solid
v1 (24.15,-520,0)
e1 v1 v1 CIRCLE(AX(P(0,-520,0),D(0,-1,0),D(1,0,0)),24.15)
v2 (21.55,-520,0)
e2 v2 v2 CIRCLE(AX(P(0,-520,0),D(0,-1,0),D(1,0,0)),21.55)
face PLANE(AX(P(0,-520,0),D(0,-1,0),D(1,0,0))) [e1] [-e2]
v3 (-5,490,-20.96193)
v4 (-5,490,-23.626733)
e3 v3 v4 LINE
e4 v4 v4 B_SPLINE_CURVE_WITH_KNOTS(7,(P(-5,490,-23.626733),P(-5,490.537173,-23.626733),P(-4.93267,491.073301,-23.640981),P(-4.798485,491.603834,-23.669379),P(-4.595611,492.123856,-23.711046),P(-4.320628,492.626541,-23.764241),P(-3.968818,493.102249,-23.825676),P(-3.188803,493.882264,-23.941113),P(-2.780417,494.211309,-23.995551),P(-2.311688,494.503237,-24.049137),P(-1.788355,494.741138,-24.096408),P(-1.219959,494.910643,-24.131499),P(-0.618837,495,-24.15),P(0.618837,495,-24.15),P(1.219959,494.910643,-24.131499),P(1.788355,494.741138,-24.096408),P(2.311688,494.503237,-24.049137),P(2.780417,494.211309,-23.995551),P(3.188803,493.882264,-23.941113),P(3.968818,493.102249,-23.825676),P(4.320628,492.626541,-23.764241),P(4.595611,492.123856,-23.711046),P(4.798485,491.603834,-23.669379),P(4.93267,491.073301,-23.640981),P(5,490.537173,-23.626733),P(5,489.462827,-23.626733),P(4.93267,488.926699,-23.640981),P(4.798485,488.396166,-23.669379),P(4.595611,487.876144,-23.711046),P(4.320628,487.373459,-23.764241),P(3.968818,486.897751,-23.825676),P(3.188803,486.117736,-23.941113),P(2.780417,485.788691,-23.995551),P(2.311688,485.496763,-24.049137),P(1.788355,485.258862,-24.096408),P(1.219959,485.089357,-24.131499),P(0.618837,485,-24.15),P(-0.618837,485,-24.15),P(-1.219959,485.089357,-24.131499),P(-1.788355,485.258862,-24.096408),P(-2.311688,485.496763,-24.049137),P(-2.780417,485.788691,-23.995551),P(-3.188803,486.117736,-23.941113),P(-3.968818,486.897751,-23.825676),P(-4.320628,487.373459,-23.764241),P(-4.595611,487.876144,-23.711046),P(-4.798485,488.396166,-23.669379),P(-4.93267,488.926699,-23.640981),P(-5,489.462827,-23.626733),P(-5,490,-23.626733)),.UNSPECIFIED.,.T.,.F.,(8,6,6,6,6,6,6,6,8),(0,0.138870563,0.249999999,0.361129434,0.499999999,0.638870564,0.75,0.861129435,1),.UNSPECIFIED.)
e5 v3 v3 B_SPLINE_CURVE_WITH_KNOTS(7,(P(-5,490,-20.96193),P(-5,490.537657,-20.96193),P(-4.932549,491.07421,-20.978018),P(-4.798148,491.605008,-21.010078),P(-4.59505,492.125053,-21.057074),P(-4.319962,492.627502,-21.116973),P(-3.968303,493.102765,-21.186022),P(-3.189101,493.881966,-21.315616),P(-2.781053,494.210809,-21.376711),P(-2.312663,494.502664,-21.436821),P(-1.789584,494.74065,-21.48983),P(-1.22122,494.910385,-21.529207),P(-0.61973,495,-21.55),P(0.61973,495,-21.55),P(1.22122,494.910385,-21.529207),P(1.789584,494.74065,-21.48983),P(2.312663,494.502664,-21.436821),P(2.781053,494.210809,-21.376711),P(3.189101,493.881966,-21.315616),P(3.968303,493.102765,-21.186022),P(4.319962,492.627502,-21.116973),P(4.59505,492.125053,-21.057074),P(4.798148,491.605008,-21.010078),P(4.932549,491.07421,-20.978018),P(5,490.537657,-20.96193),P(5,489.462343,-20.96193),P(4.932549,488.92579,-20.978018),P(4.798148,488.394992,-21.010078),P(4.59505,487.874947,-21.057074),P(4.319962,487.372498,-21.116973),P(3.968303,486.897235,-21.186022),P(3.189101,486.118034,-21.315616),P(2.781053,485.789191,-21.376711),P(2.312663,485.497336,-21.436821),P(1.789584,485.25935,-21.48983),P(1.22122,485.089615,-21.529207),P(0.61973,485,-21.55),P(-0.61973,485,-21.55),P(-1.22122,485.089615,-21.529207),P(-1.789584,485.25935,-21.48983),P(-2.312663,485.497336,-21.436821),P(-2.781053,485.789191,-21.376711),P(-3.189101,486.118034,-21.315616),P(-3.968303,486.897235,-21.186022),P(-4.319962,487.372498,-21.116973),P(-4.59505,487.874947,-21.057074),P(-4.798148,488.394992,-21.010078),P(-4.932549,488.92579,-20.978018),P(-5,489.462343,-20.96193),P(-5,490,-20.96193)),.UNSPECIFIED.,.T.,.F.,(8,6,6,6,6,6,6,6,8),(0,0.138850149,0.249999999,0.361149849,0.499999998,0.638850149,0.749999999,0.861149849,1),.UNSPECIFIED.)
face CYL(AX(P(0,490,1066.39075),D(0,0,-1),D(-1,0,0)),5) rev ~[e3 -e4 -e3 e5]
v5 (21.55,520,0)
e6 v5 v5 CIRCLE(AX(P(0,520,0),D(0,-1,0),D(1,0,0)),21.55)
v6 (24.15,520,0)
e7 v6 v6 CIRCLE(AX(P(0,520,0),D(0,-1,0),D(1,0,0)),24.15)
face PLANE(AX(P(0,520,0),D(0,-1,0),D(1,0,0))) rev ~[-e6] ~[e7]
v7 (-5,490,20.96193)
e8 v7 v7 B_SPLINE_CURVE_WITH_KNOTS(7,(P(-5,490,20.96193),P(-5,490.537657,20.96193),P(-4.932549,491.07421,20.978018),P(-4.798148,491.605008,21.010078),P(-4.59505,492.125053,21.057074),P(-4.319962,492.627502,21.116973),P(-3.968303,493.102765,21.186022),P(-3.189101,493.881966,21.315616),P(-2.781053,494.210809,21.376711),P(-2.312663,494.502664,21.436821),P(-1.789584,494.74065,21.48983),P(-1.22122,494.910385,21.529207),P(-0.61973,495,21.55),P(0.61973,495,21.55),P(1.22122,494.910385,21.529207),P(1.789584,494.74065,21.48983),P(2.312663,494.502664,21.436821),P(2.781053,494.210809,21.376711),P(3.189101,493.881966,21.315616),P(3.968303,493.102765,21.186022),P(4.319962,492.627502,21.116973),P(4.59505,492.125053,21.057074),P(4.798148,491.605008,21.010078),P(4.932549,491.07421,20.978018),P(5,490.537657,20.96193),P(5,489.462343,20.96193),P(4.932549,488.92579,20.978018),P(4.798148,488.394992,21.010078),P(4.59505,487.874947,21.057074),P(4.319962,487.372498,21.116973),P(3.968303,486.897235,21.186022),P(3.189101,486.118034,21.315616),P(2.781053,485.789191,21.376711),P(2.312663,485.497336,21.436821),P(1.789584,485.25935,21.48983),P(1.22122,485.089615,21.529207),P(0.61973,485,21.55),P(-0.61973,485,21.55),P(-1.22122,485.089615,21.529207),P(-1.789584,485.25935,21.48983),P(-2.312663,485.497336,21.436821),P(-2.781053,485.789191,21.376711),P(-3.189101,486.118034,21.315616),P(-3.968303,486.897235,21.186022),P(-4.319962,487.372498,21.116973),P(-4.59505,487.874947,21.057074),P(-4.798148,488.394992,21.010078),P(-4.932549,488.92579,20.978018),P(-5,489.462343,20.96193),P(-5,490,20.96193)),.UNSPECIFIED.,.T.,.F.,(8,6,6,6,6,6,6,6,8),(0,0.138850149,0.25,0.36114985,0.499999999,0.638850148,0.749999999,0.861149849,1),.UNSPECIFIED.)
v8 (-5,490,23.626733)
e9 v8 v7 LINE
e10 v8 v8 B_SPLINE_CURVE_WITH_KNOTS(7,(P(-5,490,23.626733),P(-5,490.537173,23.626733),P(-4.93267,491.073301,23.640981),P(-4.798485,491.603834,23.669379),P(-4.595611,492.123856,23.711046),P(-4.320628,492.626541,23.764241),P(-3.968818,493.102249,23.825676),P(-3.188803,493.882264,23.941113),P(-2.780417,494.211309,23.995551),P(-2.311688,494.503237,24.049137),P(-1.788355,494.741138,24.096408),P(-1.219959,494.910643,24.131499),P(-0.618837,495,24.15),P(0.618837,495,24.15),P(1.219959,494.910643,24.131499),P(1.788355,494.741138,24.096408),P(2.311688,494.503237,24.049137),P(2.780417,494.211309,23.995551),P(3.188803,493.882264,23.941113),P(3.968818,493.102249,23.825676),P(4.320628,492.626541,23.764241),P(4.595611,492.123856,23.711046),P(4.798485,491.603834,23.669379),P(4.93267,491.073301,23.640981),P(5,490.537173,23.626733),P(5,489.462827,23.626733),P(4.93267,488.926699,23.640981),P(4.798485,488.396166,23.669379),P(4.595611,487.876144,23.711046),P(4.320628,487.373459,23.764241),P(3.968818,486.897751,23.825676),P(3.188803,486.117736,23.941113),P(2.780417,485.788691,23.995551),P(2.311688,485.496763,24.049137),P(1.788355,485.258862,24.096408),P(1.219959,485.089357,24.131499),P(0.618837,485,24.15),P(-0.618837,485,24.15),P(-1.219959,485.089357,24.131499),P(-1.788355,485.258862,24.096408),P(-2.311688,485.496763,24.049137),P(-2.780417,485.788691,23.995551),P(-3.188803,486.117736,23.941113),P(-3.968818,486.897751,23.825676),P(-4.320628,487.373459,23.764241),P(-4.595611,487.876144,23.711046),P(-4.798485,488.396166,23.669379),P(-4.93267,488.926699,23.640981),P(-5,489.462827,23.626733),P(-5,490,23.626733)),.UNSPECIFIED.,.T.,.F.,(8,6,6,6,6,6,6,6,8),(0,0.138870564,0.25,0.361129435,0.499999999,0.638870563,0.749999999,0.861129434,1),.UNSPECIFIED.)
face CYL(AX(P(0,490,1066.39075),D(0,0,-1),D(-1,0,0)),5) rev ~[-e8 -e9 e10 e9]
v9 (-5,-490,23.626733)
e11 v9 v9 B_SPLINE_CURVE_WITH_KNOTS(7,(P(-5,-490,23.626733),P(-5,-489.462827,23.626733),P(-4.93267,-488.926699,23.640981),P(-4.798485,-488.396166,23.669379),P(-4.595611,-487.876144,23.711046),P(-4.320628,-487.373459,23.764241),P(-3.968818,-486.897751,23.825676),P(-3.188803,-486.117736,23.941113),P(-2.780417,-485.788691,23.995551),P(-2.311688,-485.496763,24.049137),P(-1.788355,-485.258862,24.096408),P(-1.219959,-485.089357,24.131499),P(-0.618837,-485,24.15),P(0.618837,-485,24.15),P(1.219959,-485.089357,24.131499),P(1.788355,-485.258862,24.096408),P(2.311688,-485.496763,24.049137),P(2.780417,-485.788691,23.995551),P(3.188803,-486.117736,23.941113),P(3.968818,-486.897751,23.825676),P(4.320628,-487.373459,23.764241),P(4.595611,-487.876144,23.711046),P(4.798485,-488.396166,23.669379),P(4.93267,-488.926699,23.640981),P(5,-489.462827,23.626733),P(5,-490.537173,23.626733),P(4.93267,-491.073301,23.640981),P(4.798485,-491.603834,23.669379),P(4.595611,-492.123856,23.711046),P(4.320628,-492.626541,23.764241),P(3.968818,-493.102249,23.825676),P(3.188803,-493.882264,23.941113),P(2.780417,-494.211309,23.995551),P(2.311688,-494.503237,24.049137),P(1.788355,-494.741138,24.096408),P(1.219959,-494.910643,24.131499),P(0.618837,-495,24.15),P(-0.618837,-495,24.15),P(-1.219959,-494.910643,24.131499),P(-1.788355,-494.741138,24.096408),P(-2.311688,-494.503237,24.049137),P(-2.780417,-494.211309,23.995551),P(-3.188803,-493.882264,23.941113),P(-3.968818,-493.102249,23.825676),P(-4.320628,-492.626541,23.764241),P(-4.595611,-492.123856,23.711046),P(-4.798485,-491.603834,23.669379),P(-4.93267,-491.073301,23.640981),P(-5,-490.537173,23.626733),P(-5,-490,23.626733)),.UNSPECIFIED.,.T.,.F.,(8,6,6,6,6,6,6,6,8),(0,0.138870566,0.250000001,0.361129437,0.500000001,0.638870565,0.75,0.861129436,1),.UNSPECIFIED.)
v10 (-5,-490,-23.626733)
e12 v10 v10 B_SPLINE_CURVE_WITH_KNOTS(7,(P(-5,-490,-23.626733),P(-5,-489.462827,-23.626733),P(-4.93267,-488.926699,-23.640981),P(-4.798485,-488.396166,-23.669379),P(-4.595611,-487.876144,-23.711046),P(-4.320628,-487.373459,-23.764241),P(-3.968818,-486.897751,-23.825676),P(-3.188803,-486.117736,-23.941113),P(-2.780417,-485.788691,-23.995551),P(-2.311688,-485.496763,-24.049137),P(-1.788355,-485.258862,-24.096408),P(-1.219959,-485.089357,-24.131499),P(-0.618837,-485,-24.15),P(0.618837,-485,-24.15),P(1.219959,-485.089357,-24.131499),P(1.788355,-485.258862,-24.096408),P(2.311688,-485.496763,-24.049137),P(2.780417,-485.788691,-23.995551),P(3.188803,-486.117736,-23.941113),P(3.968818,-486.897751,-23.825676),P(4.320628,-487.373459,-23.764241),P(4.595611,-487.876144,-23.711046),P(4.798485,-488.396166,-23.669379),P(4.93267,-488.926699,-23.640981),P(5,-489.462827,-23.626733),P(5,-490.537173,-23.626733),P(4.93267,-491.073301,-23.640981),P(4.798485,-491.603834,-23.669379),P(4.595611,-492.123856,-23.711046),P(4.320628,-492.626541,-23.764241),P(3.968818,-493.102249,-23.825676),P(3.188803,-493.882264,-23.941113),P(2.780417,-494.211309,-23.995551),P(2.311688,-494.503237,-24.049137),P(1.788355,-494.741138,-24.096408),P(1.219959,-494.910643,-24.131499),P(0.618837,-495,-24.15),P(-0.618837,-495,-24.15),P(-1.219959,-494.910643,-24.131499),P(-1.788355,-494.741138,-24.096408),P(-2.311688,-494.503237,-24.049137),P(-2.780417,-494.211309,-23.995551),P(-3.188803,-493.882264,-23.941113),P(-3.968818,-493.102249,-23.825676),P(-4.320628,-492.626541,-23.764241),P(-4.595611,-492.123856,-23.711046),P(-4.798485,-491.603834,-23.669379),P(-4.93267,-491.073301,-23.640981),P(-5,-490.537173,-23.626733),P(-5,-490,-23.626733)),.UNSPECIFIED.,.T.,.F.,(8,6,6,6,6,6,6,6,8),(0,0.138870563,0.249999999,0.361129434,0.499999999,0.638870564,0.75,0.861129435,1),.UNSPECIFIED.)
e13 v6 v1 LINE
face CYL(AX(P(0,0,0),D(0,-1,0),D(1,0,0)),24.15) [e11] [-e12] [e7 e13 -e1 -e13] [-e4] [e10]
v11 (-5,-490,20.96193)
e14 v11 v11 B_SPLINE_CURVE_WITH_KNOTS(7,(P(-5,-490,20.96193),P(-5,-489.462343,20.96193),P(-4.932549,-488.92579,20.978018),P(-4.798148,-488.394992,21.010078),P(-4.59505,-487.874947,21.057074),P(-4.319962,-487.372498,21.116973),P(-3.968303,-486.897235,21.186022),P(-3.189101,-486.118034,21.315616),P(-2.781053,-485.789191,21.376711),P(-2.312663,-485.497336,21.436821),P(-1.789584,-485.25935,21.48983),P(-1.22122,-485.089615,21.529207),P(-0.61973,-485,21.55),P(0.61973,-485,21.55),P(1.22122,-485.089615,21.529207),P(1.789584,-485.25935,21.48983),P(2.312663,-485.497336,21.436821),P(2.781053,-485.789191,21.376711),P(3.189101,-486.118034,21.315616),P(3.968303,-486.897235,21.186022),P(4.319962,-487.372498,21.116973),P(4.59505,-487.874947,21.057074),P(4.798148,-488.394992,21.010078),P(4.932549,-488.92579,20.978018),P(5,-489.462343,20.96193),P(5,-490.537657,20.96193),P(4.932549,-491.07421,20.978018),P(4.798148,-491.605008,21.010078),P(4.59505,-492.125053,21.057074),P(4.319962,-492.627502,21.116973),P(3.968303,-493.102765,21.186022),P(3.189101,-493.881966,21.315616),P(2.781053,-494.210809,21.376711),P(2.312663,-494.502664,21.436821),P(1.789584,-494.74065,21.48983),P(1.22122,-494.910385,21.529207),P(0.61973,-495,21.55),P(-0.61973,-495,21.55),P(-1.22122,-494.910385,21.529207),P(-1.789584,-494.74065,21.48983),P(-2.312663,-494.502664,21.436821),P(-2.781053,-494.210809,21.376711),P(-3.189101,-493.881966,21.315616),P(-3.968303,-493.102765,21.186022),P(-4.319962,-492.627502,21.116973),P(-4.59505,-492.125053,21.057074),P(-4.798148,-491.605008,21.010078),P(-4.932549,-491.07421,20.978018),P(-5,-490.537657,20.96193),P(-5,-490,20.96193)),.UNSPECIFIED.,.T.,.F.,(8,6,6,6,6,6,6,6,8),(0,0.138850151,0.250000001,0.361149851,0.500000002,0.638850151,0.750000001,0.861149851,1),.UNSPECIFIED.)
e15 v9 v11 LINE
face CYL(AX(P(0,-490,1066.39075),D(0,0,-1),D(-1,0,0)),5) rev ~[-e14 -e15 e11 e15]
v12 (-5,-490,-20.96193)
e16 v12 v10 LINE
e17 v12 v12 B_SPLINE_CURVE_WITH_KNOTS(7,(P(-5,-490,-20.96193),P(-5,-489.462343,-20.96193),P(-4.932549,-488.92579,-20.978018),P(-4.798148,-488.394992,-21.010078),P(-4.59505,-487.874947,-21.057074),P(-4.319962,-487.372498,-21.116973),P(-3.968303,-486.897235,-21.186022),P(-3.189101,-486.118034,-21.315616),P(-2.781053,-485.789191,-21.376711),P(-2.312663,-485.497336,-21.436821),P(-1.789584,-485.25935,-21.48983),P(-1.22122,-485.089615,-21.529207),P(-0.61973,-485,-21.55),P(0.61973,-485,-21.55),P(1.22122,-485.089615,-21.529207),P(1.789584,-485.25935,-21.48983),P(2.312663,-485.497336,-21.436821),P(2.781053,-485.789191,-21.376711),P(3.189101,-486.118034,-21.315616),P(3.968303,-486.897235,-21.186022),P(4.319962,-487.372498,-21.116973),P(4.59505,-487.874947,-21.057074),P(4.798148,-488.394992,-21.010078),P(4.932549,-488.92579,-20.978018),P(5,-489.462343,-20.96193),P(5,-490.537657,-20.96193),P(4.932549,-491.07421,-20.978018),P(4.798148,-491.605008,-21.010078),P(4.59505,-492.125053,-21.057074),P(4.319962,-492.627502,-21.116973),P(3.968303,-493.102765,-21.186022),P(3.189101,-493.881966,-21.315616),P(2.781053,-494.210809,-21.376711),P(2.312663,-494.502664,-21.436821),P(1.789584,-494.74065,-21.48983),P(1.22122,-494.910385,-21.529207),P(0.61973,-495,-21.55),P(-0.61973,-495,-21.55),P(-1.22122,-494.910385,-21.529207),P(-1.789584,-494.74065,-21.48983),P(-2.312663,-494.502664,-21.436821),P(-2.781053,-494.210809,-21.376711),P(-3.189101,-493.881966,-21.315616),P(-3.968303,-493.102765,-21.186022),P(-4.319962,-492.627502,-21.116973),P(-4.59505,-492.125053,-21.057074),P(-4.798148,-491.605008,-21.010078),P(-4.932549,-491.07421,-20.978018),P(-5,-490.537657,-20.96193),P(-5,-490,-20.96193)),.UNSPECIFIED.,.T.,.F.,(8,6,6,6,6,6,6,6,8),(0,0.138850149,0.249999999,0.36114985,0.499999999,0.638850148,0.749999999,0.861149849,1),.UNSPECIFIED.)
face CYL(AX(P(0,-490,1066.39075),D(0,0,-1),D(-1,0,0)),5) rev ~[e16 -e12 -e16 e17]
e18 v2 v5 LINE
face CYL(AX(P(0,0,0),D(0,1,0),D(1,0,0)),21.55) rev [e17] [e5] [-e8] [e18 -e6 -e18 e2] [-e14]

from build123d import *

# Parameters (mm, degrees)
F0_R     = 24.15
F0_R_2   = 21.55
F1_DEPTH = 520
F4_D     = 10


with BuildPart() as f1:
    # F0 (on Front) → F1 (new body, symmetric)
    with BuildSketch(Plane.XZ):
        Circle(F0_R)
        Circle(F0_R_2, mode=Mode.SUBTRACT)
    extrude(amount=F1_DEPTH, both=True)

    # F4 (through all)
    with Locations(Plane.XY.offset(24.15)):
        with Locations((0, -490), (0, 490)):
            Hole(F4_D / 2)


solid = f1.part
